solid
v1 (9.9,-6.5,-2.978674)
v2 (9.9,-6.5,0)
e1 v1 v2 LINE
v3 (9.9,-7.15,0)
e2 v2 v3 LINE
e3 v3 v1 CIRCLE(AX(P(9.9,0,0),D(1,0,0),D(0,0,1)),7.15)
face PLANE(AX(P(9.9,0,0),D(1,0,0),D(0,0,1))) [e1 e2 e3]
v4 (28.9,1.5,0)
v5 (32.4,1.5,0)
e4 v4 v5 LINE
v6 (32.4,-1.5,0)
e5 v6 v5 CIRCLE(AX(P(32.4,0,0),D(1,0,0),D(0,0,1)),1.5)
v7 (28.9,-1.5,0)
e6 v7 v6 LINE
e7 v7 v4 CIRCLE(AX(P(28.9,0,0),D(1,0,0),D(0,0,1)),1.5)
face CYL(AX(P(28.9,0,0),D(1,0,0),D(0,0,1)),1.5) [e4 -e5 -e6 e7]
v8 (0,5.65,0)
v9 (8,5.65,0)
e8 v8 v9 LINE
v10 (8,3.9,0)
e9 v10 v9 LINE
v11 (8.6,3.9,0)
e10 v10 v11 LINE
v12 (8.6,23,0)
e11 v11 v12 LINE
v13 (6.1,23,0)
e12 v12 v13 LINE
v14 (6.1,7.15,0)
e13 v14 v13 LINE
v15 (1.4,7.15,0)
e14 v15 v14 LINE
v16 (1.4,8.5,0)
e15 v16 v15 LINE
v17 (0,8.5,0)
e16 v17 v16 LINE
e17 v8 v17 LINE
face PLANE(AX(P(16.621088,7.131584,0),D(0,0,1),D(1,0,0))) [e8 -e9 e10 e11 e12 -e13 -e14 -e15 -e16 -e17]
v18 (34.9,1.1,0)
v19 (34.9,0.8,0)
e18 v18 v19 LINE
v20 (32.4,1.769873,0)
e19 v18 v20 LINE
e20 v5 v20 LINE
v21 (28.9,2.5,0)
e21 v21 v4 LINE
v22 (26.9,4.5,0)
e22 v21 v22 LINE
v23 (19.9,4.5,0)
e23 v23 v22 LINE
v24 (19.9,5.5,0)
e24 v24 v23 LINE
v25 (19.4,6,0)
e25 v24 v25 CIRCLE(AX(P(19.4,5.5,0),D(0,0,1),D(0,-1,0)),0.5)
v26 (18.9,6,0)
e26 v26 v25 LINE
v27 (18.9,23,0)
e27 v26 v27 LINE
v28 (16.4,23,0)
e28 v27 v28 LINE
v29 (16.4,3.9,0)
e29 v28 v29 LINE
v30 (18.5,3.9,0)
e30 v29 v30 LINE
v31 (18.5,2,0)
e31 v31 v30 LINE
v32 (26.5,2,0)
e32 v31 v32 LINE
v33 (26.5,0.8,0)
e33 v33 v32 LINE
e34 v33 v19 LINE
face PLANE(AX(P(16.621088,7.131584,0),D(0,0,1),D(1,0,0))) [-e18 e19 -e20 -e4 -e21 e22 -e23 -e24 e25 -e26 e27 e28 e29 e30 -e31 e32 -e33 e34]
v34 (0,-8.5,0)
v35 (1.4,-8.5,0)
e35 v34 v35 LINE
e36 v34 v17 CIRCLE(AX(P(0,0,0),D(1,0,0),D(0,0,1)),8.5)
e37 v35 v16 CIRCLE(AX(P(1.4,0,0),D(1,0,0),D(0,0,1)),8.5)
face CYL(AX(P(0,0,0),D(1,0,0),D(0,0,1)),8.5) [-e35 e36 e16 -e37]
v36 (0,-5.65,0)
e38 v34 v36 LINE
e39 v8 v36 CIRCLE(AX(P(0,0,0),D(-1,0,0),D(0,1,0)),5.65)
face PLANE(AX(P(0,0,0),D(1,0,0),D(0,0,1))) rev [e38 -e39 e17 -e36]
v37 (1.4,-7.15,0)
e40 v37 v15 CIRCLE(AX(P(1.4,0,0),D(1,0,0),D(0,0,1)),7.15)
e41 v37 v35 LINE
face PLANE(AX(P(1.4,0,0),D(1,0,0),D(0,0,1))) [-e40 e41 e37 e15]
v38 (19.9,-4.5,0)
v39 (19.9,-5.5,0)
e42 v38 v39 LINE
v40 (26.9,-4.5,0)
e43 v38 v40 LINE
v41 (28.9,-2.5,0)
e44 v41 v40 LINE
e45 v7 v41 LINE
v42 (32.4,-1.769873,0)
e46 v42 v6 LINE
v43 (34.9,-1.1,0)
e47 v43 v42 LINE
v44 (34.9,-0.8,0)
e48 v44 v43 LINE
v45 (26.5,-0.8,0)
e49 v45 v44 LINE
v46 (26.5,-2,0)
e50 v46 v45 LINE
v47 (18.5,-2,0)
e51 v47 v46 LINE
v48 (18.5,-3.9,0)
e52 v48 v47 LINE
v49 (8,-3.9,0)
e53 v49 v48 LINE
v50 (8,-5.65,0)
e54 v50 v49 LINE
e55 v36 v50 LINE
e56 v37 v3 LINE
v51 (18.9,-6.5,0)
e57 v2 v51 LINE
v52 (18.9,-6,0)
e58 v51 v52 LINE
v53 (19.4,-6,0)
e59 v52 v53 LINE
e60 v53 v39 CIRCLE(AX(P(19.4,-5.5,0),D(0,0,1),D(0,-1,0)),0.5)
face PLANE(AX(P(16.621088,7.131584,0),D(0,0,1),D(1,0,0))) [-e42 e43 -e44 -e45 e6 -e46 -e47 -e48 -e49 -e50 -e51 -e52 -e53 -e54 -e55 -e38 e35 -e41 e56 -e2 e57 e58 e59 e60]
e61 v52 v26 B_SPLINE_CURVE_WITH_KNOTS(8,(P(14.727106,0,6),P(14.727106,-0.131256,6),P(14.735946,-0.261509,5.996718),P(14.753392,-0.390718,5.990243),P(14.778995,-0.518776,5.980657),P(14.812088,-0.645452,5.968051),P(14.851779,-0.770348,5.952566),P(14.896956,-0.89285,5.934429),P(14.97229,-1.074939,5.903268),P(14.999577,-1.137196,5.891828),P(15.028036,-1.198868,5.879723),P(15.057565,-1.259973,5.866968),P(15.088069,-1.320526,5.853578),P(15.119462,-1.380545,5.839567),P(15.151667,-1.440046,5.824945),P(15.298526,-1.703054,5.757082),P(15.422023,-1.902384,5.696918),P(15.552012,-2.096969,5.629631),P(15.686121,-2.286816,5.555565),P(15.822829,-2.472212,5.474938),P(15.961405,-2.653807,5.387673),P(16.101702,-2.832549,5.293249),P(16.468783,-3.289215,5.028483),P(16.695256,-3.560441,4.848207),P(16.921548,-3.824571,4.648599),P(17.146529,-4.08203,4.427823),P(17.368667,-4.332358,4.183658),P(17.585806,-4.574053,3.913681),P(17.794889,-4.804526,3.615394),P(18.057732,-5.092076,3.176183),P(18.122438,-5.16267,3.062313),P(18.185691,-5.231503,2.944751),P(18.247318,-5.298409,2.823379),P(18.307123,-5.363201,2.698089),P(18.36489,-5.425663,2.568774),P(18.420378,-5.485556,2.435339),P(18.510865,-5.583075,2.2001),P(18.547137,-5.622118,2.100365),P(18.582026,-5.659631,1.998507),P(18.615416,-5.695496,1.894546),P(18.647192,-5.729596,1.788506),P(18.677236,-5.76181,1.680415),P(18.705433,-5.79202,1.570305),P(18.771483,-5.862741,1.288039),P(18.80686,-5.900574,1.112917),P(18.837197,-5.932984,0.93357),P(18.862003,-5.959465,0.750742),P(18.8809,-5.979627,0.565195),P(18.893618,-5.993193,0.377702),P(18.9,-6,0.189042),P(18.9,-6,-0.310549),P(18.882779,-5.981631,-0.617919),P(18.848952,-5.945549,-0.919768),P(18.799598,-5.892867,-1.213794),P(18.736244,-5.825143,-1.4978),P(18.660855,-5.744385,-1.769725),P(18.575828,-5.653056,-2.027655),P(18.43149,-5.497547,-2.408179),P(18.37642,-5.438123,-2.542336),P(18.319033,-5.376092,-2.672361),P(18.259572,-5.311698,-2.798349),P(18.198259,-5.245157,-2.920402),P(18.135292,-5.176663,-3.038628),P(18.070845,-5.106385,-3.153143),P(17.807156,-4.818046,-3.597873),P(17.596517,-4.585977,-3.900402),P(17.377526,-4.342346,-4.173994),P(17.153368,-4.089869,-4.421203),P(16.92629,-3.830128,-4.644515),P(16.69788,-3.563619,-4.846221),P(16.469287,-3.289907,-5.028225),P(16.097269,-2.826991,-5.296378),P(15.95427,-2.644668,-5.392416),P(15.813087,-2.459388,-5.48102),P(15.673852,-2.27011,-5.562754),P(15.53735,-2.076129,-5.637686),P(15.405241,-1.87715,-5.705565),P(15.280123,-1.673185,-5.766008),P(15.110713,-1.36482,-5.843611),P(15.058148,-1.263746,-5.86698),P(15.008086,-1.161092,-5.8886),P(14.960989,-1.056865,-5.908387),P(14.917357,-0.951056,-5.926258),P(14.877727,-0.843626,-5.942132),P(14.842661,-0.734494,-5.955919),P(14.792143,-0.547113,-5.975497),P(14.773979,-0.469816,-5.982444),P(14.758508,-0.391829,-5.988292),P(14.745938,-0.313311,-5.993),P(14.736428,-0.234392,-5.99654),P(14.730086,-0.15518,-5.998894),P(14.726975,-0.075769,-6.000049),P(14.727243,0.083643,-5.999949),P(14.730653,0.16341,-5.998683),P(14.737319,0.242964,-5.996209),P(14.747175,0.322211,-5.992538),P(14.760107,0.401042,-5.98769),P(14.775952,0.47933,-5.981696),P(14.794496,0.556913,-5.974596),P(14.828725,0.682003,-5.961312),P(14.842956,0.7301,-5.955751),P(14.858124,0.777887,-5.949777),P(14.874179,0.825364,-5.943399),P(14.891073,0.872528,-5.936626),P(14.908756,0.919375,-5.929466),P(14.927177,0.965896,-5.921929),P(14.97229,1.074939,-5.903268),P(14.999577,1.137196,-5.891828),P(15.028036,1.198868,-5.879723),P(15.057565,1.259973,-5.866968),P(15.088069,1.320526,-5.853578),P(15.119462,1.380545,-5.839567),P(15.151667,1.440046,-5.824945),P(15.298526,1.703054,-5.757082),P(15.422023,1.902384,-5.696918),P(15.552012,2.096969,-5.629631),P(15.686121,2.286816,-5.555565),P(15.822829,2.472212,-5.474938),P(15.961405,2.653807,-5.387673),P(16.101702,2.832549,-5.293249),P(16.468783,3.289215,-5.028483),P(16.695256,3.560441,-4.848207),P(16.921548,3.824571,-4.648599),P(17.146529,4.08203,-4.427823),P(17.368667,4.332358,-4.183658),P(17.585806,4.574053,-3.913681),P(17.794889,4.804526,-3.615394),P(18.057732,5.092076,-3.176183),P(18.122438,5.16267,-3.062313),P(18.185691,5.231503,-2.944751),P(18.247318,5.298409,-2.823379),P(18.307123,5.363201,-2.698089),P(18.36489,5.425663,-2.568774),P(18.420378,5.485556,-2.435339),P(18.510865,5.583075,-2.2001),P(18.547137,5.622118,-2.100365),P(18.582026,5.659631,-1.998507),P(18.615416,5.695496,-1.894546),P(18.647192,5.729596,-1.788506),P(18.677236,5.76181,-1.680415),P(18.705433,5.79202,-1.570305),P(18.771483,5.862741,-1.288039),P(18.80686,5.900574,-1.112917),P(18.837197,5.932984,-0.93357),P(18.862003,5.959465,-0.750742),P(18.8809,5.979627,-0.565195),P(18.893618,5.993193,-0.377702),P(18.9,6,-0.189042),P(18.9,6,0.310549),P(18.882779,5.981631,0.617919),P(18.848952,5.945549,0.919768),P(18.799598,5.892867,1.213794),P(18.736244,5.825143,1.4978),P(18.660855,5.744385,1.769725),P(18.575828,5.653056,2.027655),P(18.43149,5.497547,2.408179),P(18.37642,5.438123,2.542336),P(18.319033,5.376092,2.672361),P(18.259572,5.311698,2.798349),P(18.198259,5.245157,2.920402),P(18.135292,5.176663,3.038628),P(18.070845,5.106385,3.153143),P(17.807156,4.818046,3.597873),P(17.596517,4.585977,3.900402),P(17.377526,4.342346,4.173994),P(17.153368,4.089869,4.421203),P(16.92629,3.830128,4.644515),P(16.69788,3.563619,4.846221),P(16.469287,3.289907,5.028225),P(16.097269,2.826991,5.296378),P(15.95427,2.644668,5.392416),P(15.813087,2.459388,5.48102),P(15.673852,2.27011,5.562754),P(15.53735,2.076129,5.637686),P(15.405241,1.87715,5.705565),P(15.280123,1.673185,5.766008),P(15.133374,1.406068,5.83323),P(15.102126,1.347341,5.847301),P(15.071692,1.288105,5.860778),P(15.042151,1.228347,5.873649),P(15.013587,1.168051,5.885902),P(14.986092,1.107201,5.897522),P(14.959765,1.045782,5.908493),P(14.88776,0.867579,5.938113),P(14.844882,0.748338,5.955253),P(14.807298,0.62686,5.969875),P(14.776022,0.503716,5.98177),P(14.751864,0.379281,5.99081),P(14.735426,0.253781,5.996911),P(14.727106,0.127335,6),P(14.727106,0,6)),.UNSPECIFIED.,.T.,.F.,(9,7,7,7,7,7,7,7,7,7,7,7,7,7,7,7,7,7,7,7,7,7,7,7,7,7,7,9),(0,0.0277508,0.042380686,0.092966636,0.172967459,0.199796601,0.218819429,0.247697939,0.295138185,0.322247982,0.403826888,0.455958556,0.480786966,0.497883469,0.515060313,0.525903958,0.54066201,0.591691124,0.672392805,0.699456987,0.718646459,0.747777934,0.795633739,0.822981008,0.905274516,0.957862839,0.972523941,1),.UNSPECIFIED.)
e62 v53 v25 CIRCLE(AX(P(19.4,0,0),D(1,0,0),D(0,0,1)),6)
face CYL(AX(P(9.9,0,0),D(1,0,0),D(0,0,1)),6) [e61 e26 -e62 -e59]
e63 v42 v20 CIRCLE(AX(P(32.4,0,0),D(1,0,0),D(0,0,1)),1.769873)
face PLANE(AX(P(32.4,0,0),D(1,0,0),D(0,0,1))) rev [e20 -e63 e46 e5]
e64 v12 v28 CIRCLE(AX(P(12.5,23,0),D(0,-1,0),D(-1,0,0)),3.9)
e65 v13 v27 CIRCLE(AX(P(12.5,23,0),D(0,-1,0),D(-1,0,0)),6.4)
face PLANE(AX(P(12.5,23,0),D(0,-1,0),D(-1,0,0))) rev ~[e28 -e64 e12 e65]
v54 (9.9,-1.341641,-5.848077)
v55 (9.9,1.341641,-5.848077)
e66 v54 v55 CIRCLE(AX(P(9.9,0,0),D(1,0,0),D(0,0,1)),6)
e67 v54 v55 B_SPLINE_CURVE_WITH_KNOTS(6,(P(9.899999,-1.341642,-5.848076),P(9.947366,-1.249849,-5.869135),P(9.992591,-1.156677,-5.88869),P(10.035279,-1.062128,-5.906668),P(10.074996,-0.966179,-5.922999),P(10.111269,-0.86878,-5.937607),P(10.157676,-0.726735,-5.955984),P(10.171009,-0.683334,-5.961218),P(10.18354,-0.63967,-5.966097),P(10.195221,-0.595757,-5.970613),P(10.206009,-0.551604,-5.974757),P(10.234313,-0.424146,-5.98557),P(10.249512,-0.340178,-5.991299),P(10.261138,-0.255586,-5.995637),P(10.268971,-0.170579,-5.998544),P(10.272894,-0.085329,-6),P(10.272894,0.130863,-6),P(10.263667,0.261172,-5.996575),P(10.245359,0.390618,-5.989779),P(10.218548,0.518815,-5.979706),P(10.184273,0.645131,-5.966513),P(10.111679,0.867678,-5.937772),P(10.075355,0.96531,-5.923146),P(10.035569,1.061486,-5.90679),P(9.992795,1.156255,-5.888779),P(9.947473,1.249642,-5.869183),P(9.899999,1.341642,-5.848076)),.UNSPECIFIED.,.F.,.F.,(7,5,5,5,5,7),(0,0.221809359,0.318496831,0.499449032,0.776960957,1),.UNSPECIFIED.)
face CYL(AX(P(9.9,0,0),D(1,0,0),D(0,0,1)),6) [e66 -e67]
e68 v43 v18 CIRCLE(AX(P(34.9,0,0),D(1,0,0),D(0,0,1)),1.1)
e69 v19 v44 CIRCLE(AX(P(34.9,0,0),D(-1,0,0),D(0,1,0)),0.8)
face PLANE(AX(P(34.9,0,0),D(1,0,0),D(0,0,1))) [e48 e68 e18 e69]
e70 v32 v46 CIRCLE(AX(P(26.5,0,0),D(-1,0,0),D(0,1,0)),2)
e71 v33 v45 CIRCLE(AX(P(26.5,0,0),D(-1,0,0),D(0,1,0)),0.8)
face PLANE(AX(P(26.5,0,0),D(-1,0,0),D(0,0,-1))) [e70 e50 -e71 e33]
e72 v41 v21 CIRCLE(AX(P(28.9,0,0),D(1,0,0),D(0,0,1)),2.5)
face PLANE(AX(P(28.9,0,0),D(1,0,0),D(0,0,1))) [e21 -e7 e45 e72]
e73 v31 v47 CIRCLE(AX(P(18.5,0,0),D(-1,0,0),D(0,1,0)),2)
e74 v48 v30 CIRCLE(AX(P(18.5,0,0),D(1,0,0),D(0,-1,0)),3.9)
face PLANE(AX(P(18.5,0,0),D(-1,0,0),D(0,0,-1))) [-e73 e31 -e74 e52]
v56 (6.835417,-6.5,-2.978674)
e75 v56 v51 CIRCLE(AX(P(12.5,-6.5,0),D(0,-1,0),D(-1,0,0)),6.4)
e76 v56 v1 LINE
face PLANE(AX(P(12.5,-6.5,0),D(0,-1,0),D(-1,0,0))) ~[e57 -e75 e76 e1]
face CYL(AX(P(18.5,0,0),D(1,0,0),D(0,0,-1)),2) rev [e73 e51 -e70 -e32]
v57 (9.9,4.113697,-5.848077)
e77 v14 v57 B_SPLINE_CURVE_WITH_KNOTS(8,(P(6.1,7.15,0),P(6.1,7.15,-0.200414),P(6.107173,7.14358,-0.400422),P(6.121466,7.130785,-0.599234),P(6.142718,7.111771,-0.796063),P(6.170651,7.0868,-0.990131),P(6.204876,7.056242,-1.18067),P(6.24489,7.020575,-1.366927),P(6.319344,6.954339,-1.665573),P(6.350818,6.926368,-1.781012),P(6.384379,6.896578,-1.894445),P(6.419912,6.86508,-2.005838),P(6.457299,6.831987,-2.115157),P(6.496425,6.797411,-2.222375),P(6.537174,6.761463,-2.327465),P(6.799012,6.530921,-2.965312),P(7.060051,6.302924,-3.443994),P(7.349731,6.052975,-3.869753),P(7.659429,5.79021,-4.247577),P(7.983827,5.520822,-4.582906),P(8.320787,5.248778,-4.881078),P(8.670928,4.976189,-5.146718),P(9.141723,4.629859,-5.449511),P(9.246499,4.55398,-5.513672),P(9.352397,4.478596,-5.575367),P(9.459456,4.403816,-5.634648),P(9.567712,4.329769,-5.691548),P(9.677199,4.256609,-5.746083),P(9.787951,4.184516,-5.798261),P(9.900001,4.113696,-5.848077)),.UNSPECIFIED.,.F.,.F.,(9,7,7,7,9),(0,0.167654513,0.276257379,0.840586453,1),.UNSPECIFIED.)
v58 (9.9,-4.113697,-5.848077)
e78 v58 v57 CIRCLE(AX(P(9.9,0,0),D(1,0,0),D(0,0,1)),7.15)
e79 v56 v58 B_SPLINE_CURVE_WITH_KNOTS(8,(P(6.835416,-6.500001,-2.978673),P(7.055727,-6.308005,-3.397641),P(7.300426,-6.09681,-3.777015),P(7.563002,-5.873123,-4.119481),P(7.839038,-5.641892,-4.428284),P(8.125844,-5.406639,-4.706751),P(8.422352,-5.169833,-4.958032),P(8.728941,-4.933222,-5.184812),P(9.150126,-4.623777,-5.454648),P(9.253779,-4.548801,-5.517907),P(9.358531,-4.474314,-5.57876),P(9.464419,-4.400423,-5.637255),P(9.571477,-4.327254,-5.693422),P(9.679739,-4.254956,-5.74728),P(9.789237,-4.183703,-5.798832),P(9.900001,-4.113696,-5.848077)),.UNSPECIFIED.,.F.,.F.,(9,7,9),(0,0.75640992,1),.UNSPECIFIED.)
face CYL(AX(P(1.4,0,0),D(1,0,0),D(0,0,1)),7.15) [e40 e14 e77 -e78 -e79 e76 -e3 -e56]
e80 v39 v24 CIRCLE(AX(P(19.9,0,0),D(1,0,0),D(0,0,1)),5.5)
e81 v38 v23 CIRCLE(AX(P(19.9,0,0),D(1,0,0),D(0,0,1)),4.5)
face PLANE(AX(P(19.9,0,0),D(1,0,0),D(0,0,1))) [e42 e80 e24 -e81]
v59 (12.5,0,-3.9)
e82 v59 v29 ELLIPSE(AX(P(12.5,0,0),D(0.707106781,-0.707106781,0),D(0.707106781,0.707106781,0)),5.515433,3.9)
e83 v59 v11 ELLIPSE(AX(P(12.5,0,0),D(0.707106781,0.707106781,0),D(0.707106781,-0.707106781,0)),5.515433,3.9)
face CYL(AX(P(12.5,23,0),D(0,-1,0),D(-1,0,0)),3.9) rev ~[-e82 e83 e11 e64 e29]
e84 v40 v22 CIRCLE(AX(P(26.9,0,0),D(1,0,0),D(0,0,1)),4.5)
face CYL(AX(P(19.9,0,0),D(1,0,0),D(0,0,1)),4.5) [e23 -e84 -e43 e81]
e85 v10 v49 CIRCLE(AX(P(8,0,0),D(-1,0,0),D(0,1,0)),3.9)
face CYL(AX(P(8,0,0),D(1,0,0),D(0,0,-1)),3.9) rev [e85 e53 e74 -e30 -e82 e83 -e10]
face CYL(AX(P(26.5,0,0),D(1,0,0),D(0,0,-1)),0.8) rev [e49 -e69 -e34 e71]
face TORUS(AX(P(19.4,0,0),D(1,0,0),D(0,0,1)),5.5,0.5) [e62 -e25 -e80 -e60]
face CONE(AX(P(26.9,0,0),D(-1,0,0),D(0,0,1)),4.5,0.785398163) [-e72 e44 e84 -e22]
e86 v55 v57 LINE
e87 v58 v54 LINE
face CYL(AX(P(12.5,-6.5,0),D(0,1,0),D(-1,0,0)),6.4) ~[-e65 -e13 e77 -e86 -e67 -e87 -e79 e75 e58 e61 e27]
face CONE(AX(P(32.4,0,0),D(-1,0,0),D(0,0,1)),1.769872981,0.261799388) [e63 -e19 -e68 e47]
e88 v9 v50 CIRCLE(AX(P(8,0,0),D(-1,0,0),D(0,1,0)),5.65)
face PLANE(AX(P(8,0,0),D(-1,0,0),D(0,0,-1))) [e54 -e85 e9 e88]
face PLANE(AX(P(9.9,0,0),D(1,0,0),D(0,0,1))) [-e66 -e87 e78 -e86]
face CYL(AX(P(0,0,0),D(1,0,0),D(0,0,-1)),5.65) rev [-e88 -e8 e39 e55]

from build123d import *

# Parameters (mm, degrees)
CONG_1_R                = 0.5
ENL_V_START             = -23
ESQUISSE9_R             = 3.9
ENL_V_MAT_EXTRU_4_DEPTH = 23
ESQUISSE10_W            = 39.610149942
ESQUISSE10_H            = 38.899653979
ENL_V_MAT_EXTRU_5_DEPTH = 43.652784254


with BuildPart() as part:
    # Esquisse1 → Base-Révolution (revolve)
    with BuildSketch(Plane.XY, mode=Mode.PRIVATE) as base_r_volution_sk:
        Polygon((0, 0), (0, 8.5), (1.4, 8.5), (1.4, 7.15), (9.9, 7.15), (9.9, 6), (19.9, 6), (19.9, 4.5), (26.9, 4.5), (28.9, 2.5), (28.9, 1.5), (32.4, 1.5), (32.4, 1.769872981), (34.9, 1.1), (34.9, 0), align=None)
    revolve(base_r_volution_sk.sketch.rotate(Axis((0, 0, 0), (1, 0, 0)), 90), axis=Axis((0, 0, 0), (1, 0, 0)))

    # Esquisse2 → Boss.-Révol.1 (revolve)
    with BuildSketch(Plane.XY):
        Polygon((8.6, 23), (8.6, -4), (12.5, -4), (12.5, -6.5), (6.1, -6.5), (6.1, 23), align=None)
    revolve(axis=Axis((12.5, 24, 0), (0, -1, 0)))

    # Esquisse7 → Enlèvement de matière-Révolution1 (revolve, cut)
    with BuildSketch(Plane.XY, mode=Mode.PRIVATE) as enl_vement_de_mati_re_r_volution1_sk:
        Polygon((34.9, 0.8), (34.9, 0), (0, 0), (0, 5.65), (8, 5.65), (8, 3.9), (18.5, 3.9), (18.5, 2), (26.5, 2), (26.5, 0.8), align=None)
    revolve(enl_vement_de_mati_re_r_volution1_sk.sketch.rotate(Axis((36, 0, 0), (-1, 0, 0)), 90), axis=Axis((36, 0, 0), (-1, 0, 0)), mode=Mode.SUBTRACT)

    # Congé1
    cong_1_edges = [part.edges().sort_by_distance(p)[0] for p in [
        (19.9, 0, -6),
        (9.9, -2.157400318, 6.816753177),
    ]]
    fillet(cong_1_edges, radius=CONG_1_R)

    # Esquisse9 → Enlèv. mat.-Extru.4 (cut)
    with BuildSketch(Plane(origin=(0, 23, 0), x_dir=(-1, 0, 0), z_dir=(0, 1, 0)).offset(ENL_V_START)):
        with Locations((-12.5, 0)):
            Circle(ESQUISSE9_R)
    extrude(amount=ENL_V_MAT_EXTRU_4_DEPTH, mode=Mode.SUBTRACT)

    # Esquisse10 → Enlèv. mat.-Extru.5 (cut, through all)
    with BuildSketch(Plane.XY):
        with Locations((16.621088043, 7.131584007)):
            Rectangle(ESQUISSE10_W, ESQUISSE10_H)
    extrude(amount=ENL_V_MAT_EXTRU_5_DEPTH, mode=Mode.SUBTRACT)


solid = part.part
